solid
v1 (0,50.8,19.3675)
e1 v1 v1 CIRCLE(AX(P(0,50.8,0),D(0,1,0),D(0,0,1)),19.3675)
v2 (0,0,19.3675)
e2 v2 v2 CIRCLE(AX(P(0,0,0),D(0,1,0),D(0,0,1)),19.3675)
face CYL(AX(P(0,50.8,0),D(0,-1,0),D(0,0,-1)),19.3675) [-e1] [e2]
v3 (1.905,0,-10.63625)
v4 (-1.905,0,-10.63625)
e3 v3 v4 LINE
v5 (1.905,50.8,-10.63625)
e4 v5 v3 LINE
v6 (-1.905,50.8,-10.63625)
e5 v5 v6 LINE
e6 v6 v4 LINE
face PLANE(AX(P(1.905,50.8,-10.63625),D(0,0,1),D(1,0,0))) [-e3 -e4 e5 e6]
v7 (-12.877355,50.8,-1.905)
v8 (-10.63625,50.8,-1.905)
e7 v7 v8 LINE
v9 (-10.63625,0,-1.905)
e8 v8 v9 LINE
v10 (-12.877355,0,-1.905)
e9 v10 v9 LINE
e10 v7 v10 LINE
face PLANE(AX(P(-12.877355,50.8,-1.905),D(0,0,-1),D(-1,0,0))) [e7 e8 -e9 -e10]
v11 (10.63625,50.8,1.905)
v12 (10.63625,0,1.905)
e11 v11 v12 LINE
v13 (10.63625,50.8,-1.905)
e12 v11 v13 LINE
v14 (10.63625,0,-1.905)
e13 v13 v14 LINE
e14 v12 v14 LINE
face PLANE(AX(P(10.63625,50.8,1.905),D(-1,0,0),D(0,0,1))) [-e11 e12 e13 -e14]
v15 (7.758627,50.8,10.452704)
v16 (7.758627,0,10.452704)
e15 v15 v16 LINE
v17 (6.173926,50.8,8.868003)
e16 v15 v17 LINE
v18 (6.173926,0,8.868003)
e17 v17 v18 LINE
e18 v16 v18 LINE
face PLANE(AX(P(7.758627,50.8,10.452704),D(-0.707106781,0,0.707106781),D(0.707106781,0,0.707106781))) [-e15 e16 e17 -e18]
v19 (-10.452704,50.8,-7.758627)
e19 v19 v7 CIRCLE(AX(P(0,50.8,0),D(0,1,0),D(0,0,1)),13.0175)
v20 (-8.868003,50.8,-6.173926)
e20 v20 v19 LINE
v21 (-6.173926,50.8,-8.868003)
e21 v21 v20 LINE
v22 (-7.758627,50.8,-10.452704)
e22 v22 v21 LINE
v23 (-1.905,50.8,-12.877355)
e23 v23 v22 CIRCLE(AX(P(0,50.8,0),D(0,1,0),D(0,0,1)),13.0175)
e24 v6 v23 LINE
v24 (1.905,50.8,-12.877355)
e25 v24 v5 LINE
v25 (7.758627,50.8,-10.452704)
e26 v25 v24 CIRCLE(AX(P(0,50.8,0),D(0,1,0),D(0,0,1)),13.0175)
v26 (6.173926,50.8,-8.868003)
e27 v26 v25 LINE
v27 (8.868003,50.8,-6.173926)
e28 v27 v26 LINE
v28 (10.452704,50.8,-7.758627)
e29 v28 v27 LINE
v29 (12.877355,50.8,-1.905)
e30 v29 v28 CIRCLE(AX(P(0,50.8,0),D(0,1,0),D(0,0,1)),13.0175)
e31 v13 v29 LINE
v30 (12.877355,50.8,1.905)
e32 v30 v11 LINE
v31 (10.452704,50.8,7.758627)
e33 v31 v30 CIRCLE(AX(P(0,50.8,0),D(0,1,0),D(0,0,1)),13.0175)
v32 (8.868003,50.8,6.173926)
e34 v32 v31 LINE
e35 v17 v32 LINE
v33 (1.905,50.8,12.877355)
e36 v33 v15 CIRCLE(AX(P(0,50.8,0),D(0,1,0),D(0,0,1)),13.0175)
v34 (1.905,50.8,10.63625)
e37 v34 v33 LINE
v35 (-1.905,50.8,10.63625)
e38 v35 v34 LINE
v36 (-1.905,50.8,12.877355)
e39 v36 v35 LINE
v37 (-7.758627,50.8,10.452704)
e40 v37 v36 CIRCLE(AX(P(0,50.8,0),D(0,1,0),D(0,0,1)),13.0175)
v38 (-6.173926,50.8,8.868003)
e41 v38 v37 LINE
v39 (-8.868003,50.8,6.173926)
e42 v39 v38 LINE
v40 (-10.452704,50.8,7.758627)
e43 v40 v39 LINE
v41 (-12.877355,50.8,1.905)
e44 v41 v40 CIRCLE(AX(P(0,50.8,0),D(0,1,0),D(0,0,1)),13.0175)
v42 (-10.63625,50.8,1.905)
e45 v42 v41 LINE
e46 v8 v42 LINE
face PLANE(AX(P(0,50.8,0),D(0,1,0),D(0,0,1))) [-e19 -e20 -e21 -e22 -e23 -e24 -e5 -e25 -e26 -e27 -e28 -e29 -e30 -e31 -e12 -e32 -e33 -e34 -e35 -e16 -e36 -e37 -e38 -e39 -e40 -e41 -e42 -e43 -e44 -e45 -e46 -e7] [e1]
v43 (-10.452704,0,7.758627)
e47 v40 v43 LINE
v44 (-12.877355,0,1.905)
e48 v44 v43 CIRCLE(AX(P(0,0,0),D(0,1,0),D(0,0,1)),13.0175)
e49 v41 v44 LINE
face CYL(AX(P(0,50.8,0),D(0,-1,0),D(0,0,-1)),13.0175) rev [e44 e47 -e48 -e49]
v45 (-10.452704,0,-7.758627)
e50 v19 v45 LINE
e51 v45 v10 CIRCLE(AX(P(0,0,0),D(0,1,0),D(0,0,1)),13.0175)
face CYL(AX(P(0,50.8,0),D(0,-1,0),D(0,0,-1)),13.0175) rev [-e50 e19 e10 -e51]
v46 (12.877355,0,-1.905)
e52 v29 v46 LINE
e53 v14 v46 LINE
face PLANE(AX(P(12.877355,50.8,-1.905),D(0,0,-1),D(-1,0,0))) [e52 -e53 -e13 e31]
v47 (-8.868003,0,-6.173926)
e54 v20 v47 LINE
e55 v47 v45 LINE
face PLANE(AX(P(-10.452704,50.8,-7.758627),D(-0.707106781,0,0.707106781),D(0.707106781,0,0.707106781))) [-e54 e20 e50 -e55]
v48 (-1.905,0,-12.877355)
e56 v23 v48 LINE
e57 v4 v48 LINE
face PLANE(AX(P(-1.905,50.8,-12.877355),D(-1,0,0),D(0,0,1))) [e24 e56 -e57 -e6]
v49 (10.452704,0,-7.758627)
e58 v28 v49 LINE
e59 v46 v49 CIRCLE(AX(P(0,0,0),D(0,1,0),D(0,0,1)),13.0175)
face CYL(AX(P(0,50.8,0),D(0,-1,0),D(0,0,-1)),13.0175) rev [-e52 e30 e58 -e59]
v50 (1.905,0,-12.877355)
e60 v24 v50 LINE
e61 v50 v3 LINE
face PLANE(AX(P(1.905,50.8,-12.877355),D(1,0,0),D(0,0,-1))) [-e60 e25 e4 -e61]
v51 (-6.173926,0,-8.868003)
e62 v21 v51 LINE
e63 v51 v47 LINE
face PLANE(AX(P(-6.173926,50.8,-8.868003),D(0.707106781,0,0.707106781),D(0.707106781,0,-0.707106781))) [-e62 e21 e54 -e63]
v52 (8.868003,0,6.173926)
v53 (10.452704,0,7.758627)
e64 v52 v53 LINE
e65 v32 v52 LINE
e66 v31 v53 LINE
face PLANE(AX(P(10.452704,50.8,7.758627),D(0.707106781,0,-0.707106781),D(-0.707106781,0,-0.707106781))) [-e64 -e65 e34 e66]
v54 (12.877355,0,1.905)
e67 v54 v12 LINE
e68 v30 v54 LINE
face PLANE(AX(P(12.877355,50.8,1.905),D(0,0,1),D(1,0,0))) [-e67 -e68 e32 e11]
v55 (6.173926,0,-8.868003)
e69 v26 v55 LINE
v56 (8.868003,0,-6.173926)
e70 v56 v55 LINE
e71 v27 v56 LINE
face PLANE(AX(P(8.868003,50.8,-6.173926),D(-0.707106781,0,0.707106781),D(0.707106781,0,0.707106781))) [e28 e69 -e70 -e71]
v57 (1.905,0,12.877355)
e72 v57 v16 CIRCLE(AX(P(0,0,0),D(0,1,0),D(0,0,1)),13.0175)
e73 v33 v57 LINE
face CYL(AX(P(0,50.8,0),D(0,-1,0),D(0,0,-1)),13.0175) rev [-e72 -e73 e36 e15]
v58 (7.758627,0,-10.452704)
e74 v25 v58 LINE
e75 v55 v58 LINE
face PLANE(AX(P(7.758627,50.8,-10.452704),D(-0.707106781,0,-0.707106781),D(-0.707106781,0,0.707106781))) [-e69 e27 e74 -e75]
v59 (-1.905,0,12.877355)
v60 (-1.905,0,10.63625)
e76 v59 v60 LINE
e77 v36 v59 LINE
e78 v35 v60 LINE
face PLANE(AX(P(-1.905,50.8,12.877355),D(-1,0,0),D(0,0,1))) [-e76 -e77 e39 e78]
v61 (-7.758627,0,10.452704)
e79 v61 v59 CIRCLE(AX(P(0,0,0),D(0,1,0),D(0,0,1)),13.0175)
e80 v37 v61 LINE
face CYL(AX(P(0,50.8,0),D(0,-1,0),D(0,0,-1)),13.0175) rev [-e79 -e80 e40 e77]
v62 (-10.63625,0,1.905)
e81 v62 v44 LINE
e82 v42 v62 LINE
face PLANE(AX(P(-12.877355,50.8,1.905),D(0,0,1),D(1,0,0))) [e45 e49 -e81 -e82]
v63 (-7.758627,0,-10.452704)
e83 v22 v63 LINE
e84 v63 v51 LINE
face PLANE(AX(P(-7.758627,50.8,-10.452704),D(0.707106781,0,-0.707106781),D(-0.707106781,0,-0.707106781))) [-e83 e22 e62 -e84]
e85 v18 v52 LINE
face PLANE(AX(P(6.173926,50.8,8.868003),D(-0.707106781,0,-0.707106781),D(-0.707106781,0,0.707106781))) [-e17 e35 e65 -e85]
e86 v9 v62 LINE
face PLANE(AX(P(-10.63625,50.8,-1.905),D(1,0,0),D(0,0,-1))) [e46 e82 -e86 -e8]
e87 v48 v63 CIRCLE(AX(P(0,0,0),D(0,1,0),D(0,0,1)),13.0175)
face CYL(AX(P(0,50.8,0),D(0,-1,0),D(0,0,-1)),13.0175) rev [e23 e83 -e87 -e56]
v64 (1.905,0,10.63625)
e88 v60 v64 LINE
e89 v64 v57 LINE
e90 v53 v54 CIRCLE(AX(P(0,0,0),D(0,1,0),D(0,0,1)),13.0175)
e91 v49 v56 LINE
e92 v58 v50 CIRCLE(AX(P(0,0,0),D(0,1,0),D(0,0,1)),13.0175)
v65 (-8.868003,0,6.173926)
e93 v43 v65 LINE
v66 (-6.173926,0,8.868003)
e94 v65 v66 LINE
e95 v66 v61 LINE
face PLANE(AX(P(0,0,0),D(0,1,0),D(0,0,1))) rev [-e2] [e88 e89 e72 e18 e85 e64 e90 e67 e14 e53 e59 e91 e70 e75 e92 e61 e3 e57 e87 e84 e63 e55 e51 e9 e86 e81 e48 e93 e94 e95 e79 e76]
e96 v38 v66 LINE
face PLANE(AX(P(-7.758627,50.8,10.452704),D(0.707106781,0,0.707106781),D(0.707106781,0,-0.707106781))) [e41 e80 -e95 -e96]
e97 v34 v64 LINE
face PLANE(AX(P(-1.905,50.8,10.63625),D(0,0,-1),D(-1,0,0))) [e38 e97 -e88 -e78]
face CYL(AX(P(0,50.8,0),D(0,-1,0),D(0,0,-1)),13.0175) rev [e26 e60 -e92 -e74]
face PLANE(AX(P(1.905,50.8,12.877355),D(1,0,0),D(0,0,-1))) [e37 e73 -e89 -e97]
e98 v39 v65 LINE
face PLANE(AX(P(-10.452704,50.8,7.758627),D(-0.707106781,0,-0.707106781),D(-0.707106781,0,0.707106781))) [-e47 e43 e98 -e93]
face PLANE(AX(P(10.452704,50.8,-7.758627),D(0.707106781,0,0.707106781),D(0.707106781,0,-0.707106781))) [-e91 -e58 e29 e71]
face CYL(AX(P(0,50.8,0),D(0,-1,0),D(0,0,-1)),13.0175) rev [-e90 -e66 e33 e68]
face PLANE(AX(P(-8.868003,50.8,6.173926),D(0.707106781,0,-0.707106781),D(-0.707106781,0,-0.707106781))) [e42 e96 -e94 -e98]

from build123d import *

# Parameters (mm, degrees)
SKETCH3_R           = 19.3675
BOSS_EXTRUDE2_DEPTH = 50.8


with BuildPart() as part:
    # Sketch3 → Boss-Extrude2 (new body)
    with BuildSketch(Plane(origin=(0, 0, 0), x_dir=(1, 0, 0), z_dir=(0, 1, 0))):
        Circle(SKETCH3_R)
        with BuildLine():
            Line((1.905, 12.877355367), (1.905, 10.63625))
            Line((1.905, 10.63625), (-1.905, 10.63625))
            Line((-1.905, 10.63625), (-1.905, 12.877355367))
            ThreePointArc((-1.905, 12.877355367), (-4.981581581, 12.026601814), (-7.758626886, 10.452703722))
            Line((-7.758626886, 10.452703722), (-6.173926083, 8.86800292))
            Line((-6.173926083, 8.86800292), (-8.86800292, 6.173926083))
            Line((-8.86800292, 6.173926083), (-10.452703722, 7.758626886))
            ThreePointArc((-10.452703722, 7.758626886), (-12.026601814, 4.981581581), (-12.877355367, 1.905))
            Line((-12.877355367, 1.905), (-10.63625, 1.905))
            Line((-10.63625, 1.905), (-10.63625, -1.905))
            Line((-10.63625, -1.905), (-12.877355367, -1.905))
            ThreePointArc((-12.877355367, -1.905), (-12.026601814, -4.981581581), (-10.452703722, -7.758626886))
            Line((-10.452703722, -7.758626886), (-8.86800292, -6.173926083))
            Line((-8.86800292, -6.173926083), (-6.173926083, -8.86800292))
            Line((-6.173926083, -8.86800292), (-7.758626886, -10.452703722))
            ThreePointArc((-7.758626886, -10.452703722), (-4.981581581, -12.026601814), (-1.905, -12.877355367))
            Line((-1.905, -12.877355367), (-1.905, -10.63625))
            Line((-1.905, -10.63625), (1.905, -10.63625))
            Line((1.905, -10.63625), (1.905, -12.877355367))
            ThreePointArc((1.905, -12.877355367), (4.981581581, -12.026601814), (7.758626886, -10.452703722))
            Line((7.758626886, -10.452703722), (6.173926083, -8.86800292))
            Line((6.173926083, -8.86800292), (8.86800292, -6.173926083))
            Line((8.86800292, -6.173926083), (10.452703722, -7.758626886))
            ThreePointArc((10.452703722, -7.758626886), (12.026601814, -4.981581581), (12.877355367, -1.905))
            Line((12.877355367, -1.905), (10.63625, -1.905))
            Line((10.63625, -1.905), (10.63625, 1.905))
            Line((10.63625, 1.905), (12.877355367, 1.905))
            ThreePointArc((12.877355367, 1.905), (12.026601814, 4.981581581), (10.452703722, 7.758626886))
            Line((10.452703722, 7.758626886), (8.86800292, 6.173926083))
            Line((8.86800292, 6.173926083), (6.173926083, 8.86800292))
            Line((6.173926083, 8.86800292), (7.758626886, 10.452703722))
            ThreePointArc((7.758626886, 10.452703722), (4.981581581, 12.026601814), (1.905, 12.877355367))
        make_face(mode=Mode.SUBTRACT)
    extrude(amount=BOSS_EXTRUDE2_DEPTH)


solid = part.part
